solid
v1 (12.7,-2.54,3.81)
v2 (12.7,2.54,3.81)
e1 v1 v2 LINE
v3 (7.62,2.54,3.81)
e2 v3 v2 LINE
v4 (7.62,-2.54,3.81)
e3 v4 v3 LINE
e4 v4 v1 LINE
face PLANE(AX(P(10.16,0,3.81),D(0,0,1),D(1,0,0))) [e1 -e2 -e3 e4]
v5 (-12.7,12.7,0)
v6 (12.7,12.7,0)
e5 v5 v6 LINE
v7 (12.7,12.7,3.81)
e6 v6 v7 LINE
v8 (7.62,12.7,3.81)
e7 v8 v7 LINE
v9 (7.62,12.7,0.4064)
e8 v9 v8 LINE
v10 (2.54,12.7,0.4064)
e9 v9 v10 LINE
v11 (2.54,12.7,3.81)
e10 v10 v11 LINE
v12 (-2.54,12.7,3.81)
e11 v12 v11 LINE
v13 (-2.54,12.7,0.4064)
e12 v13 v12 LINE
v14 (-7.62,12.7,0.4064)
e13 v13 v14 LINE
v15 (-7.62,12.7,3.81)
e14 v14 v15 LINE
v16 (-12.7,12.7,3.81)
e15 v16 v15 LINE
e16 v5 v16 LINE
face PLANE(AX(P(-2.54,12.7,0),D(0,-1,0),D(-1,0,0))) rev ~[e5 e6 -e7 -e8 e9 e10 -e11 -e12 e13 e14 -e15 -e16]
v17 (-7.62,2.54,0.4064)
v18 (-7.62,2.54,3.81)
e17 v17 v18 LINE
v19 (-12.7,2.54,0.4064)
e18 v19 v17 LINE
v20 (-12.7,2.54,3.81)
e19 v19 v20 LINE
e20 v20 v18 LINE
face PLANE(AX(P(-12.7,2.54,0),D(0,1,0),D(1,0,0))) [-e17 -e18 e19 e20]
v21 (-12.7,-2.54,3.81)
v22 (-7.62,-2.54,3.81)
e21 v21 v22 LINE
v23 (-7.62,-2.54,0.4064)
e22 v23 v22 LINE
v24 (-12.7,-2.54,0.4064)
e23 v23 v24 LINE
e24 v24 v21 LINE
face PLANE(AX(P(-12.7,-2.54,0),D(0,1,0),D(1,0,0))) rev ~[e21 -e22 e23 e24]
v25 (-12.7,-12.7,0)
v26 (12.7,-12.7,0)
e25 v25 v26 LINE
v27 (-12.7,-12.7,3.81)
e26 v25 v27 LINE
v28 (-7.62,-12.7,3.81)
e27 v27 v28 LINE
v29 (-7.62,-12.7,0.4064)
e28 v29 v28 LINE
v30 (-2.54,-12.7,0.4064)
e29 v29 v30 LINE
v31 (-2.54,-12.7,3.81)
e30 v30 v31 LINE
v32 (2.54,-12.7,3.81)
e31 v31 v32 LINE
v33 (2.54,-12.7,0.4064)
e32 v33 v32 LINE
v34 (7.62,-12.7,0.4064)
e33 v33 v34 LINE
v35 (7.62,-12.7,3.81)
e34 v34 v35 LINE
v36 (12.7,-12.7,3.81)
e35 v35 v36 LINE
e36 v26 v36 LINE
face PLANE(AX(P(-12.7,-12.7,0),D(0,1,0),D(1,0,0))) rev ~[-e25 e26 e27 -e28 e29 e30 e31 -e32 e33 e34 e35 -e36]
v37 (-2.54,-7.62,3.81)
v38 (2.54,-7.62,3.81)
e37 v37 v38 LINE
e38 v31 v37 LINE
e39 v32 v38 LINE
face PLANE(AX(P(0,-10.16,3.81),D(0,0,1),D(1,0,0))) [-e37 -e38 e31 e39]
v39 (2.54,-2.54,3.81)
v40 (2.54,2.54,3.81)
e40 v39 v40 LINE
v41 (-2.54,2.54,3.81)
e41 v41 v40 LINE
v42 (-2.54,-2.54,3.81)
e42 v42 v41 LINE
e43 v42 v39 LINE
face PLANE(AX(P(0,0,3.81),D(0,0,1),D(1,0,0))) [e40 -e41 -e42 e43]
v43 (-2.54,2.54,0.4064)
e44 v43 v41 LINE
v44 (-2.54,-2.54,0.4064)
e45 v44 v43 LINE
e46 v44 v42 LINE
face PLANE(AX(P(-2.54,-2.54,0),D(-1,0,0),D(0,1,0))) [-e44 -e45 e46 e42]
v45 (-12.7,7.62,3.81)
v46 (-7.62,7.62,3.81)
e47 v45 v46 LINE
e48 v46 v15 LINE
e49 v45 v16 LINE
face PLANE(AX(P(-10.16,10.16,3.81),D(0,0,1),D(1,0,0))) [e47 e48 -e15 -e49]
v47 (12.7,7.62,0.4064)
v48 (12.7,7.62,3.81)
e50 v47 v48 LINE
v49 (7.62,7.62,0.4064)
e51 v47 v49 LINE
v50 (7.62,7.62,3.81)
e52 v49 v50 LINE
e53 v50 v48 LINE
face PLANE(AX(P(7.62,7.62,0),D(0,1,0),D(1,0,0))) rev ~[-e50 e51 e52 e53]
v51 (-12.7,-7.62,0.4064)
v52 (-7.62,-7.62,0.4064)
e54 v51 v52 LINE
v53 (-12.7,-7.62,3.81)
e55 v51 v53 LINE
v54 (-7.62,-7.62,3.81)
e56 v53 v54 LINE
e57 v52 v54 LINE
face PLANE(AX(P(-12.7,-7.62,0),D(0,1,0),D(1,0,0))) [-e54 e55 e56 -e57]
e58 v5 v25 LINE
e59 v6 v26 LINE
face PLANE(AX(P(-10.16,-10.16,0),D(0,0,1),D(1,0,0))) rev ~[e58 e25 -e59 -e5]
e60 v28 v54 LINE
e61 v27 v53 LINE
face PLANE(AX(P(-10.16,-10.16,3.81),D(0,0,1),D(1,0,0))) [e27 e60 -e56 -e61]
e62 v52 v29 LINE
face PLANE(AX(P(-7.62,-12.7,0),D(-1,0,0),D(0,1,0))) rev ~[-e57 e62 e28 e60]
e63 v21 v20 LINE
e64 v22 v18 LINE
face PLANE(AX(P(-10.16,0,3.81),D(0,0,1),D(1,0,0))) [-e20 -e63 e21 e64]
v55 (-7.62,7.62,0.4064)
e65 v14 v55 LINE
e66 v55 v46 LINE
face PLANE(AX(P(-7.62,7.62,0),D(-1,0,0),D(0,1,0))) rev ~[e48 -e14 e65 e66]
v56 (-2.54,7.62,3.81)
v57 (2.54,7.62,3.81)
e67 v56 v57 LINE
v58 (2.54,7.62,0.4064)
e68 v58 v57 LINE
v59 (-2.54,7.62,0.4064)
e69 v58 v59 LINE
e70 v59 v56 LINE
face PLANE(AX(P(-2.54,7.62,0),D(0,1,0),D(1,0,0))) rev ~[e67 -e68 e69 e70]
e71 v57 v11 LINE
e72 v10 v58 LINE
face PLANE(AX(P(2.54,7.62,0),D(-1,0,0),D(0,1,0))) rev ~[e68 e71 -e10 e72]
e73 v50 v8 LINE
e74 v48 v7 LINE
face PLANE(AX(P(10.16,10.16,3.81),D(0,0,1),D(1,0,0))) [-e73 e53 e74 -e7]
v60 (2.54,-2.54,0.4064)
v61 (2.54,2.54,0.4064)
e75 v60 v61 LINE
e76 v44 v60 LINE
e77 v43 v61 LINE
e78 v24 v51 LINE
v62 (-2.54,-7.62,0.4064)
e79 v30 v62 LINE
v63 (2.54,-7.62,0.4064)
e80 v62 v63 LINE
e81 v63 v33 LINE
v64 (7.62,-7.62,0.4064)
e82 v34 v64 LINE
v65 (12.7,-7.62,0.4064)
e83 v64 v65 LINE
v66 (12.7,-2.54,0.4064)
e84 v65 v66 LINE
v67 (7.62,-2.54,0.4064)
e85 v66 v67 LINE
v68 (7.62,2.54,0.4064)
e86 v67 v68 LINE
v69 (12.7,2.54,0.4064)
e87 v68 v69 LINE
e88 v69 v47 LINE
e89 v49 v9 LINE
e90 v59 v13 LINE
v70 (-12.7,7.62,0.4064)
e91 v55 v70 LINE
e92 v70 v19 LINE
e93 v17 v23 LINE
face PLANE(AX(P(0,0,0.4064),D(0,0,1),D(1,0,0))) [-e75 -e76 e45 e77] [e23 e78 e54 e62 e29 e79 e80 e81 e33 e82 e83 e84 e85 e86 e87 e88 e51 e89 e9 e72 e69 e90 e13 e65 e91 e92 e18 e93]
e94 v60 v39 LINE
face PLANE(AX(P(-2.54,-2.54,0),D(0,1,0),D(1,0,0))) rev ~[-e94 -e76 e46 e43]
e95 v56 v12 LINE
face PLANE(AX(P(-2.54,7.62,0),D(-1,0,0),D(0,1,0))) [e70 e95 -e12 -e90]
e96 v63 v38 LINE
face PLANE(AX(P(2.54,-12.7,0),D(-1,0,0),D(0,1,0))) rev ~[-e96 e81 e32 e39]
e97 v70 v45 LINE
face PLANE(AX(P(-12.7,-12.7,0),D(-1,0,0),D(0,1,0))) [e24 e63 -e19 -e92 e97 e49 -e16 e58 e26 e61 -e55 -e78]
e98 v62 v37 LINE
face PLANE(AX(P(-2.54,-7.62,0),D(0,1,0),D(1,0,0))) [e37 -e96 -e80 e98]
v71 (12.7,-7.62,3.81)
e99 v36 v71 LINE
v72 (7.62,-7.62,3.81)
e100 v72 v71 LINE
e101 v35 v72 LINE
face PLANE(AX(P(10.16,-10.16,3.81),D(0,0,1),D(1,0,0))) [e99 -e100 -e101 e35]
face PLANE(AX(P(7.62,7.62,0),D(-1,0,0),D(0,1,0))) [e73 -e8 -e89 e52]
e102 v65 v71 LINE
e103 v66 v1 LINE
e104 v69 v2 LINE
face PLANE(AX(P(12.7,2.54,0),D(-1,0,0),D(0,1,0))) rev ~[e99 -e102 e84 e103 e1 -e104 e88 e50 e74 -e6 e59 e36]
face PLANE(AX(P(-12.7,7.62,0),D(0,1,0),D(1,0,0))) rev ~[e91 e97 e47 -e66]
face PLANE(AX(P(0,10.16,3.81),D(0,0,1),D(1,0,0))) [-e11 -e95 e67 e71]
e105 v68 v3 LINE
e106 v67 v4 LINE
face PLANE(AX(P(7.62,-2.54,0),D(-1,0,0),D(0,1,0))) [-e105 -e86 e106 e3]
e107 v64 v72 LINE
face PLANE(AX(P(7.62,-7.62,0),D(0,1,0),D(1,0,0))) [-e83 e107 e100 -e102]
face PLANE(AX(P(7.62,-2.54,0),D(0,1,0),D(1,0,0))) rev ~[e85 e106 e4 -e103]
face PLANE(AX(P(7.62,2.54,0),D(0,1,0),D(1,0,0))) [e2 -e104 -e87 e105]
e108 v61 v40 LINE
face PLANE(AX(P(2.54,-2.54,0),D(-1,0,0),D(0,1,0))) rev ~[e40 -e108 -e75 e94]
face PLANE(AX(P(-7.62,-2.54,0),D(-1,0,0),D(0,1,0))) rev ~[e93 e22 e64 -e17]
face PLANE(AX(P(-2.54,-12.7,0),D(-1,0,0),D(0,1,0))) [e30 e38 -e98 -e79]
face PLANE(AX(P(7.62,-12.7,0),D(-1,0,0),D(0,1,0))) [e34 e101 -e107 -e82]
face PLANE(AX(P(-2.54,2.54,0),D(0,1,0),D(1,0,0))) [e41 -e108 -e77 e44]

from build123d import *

# Parameters (mm, degrees)
F0_W     = 5.08
F0_H     = 5.08
F1_DEPTH = 0.4064
F2_DEPTH = 3.81


with BuildPart() as f1:
    # F0 (on Top) → F1 (new body)
    with BuildSketch(Plane.XY):
        Polygon((-2.54, 12.7), (-7.62, 12.7), (-7.62, 7.62), (-12.7, 7.62), (-12.7, 2.54), (-7.62, 2.54), (-7.62, -2.54), (-12.7, -2.54), (-12.7, -7.62), (-7.62, -7.62), (-7.62, -12.7), (-2.54, -12.7), (-2.54, -7.62), (2.54, -7.62), (2.54, -12.7), (7.62, -12.7), (7.62, -7.62), (12.7, -7.62), (12.7, -2.54), (7.62, -2.54), (7.62, 2.54), (12.7, 2.54), (12.7, 7.62), (7.62, 7.62), (7.62, 12.7), (2.54, 12.7), (2.54, 7.62), (-2.54, 7.62), align=None)
        Rectangle(F0_W, F0_H, mode=Mode.SUBTRACT)
    extrude(amount=F1_DEPTH)

    # F0 (on Top) → F2 (join)
    with BuildSketch(Plane.XY):
        with Locations((-10.16, -10.16)):
            Rectangle(F0_W, F0_H)
        with Locations((-10.16, 0)):
            Rectangle(F0_W, F0_H)
        with Locations((-10.16, 10.16)):
            Rectangle(F0_W, F0_H)
        with Locations((0, 10.16)):
            Rectangle(F0_W, F0_H)
        Rectangle(F0_W, F0_H)
        with Locations((10.16, 0)):
            Rectangle(F0_W, F0_H)
        with Locations((10.16, 10.16)):
            Rectangle(F0_W, F0_H)
        with Locations((10.16, -10.16)):
            Rectangle(F0_W, F0_H)
        with Locations((0, -10.16)):
            Rectangle(F0_W, F0_H)
    extrude(amount=F2_DEPTH)


solid = f1.part
